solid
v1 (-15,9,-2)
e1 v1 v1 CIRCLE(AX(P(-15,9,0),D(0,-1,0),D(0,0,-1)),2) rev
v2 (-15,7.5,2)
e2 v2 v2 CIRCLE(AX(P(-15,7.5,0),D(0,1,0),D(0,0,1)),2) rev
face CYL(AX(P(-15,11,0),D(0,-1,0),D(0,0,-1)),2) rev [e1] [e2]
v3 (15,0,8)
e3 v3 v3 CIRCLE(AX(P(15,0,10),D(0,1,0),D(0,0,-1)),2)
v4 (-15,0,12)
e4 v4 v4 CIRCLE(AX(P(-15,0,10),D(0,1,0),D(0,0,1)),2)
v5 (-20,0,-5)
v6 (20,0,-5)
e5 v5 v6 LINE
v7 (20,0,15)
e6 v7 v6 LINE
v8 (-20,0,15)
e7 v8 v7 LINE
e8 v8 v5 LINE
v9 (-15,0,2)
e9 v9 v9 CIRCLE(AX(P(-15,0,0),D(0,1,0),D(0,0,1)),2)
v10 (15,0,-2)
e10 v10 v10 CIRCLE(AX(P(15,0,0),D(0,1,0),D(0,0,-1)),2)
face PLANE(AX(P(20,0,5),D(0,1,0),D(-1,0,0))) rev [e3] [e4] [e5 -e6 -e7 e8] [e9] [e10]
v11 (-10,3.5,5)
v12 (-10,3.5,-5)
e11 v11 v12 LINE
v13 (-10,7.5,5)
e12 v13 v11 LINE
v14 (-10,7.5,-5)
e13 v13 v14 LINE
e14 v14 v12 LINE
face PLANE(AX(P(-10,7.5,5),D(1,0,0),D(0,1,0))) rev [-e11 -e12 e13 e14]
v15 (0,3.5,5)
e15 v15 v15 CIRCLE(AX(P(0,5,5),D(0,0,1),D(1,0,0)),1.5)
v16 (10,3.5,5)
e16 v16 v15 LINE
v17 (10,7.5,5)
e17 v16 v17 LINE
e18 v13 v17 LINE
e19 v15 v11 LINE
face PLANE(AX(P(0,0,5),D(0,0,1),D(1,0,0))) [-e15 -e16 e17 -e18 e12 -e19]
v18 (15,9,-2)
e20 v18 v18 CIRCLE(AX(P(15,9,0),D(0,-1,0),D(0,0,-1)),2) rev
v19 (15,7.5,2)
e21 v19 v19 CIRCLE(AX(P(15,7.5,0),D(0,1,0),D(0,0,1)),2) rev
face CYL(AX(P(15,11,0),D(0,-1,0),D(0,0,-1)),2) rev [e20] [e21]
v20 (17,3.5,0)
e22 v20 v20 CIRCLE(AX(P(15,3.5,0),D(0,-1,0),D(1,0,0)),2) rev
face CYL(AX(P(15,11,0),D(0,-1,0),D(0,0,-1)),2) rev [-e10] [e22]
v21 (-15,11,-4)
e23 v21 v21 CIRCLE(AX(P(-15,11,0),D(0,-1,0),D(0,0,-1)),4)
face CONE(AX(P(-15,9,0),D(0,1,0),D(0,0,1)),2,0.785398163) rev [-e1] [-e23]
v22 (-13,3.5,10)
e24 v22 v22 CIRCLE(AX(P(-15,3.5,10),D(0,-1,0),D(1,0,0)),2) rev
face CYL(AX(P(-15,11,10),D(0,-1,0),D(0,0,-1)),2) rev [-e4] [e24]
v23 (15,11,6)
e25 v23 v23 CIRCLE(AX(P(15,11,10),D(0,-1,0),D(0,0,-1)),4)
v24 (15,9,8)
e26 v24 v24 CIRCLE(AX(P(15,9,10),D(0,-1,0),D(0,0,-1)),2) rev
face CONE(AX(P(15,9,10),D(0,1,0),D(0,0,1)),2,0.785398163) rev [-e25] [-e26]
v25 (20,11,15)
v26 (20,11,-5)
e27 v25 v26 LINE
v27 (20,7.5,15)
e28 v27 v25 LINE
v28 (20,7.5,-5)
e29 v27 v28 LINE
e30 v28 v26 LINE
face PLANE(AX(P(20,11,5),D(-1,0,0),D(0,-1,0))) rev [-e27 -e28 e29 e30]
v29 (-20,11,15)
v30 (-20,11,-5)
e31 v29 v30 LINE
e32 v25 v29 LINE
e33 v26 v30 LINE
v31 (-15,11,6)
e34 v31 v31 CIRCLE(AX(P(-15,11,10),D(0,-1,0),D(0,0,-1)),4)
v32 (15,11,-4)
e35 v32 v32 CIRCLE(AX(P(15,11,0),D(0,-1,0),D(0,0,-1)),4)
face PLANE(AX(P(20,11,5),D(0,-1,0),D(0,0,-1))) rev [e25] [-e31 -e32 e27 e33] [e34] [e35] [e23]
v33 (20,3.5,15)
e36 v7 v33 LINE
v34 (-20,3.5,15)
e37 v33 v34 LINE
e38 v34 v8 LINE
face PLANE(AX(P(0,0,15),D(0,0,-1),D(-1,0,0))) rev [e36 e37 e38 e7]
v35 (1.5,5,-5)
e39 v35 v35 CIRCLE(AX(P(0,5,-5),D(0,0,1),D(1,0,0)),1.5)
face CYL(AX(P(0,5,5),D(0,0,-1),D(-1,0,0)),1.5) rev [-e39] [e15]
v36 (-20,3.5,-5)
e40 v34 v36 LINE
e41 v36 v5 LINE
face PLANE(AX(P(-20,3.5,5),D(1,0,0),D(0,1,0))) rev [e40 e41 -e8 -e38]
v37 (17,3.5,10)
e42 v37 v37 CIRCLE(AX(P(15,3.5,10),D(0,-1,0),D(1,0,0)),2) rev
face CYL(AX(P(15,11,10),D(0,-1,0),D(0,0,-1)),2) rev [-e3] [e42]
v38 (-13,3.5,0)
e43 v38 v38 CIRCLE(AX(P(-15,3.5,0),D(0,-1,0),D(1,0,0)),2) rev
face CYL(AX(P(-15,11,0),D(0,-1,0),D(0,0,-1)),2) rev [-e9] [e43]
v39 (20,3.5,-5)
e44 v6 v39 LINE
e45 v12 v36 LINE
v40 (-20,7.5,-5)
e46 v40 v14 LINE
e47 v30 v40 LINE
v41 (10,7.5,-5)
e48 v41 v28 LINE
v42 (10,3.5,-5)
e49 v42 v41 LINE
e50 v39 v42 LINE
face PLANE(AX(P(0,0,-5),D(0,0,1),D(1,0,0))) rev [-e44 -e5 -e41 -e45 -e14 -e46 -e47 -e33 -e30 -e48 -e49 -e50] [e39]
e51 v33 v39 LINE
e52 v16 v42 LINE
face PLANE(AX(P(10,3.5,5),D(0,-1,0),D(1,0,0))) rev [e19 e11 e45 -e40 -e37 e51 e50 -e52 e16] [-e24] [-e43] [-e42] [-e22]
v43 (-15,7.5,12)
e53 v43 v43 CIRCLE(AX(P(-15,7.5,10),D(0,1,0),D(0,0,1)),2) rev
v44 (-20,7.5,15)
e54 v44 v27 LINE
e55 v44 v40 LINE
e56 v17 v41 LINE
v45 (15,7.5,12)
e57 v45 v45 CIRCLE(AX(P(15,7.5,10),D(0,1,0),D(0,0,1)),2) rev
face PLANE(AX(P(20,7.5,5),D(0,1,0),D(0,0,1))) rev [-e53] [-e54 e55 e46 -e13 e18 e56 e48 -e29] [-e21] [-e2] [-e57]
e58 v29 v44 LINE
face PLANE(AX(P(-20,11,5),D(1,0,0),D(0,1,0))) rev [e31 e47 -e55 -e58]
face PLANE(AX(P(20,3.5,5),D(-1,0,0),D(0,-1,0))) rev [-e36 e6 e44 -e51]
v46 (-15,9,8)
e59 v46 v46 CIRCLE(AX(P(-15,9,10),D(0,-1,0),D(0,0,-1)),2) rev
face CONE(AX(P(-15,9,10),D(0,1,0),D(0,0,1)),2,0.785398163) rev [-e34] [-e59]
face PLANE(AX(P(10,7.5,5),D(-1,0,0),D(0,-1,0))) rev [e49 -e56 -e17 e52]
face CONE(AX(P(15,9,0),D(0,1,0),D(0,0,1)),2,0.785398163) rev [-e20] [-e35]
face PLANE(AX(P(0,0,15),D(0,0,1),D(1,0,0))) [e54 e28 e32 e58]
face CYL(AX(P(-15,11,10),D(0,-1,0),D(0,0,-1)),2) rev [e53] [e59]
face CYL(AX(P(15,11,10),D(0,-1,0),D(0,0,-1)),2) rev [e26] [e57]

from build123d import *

# Parameters (mm, degrees)
SKETCH_1_R          = 1.5
EXTRUDE_1_DEPTH     = 5
SKETCH_3_W          = 40
SKETCH_3_H          = 3.5
EXTRUDE_2_DEPTH     = 10
SKETCH_2_R          = 2
CUT_EXTRUDE_1_DEPTH = 28.313000567
CHAMFER_1_SIZE      = 2


with BuildPart() as part:
    # 草图1 → 凸台-拉伸1 (new, symmetric)
    with BuildSketch(Plane.XY):
        Polygon((20, 11), (-20, 11), (-20, 7.5), (-10, 7.5), (-10, 3.5), (-20, 3.5), (-20, 0), (0, 0), (20, 0), (20, 3.5), (10, 3.5), (10, 7.5), (20, 7.5), align=None)
        with Locations((0, 5)):
            Circle(SKETCH_1_R, mode=Mode.SUBTRACT)
    extrude(amount=EXTRUDE_1_DEPTH, both=True)

    # 草图3 → 凸台-拉伸2 (add)
    with BuildSketch(Plane.XY.offset(5)):
        with Locations((0, 9.25)):
            Rectangle(SKETCH_3_W, SKETCH_3_H)
        with Locations((0, 1.75)):
            Rectangle(SKETCH_3_W, SKETCH_3_H)
    extrude(amount=EXTRUDE_2_DEPTH)

    # 草图2 → 切除-拉伸1 (cut, through all)
    with BuildSketch(Plane(origin=(0, 0, 0), x_dir=(1, 0, 0), z_dir=(0, 1, 0))):
        with Locations(Location((-15, 0, 0), (0, 0, 270))):
            Circle(SKETCH_2_R)
        with Locations(Location((15, 0, 0), (0, 0, 90))):
            Circle(SKETCH_2_R)
        with Locations(Location((-15, -10, 0), (0, 0, 270))):
            Circle(SKETCH_2_R)
        with Locations(Location((15, -10, 0), (0, 0, 90))):
            Circle(SKETCH_2_R)
    extrude(amount=CUT_EXTRUDE_1_DEPTH, mode=Mode.SUBTRACT)

    # 倒角1
    chamfer_1_edges = [part.edges().sort_by_distance(p)[0] for p in [
        (15, 11, 2),
        (-15, 11, 8),
        (15, 11, 12),
        (-15, 11, -2),
    ]]
    chamfer(chamfer_1_edges, length=CHAMFER_1_SIZE)


solid = part.part
